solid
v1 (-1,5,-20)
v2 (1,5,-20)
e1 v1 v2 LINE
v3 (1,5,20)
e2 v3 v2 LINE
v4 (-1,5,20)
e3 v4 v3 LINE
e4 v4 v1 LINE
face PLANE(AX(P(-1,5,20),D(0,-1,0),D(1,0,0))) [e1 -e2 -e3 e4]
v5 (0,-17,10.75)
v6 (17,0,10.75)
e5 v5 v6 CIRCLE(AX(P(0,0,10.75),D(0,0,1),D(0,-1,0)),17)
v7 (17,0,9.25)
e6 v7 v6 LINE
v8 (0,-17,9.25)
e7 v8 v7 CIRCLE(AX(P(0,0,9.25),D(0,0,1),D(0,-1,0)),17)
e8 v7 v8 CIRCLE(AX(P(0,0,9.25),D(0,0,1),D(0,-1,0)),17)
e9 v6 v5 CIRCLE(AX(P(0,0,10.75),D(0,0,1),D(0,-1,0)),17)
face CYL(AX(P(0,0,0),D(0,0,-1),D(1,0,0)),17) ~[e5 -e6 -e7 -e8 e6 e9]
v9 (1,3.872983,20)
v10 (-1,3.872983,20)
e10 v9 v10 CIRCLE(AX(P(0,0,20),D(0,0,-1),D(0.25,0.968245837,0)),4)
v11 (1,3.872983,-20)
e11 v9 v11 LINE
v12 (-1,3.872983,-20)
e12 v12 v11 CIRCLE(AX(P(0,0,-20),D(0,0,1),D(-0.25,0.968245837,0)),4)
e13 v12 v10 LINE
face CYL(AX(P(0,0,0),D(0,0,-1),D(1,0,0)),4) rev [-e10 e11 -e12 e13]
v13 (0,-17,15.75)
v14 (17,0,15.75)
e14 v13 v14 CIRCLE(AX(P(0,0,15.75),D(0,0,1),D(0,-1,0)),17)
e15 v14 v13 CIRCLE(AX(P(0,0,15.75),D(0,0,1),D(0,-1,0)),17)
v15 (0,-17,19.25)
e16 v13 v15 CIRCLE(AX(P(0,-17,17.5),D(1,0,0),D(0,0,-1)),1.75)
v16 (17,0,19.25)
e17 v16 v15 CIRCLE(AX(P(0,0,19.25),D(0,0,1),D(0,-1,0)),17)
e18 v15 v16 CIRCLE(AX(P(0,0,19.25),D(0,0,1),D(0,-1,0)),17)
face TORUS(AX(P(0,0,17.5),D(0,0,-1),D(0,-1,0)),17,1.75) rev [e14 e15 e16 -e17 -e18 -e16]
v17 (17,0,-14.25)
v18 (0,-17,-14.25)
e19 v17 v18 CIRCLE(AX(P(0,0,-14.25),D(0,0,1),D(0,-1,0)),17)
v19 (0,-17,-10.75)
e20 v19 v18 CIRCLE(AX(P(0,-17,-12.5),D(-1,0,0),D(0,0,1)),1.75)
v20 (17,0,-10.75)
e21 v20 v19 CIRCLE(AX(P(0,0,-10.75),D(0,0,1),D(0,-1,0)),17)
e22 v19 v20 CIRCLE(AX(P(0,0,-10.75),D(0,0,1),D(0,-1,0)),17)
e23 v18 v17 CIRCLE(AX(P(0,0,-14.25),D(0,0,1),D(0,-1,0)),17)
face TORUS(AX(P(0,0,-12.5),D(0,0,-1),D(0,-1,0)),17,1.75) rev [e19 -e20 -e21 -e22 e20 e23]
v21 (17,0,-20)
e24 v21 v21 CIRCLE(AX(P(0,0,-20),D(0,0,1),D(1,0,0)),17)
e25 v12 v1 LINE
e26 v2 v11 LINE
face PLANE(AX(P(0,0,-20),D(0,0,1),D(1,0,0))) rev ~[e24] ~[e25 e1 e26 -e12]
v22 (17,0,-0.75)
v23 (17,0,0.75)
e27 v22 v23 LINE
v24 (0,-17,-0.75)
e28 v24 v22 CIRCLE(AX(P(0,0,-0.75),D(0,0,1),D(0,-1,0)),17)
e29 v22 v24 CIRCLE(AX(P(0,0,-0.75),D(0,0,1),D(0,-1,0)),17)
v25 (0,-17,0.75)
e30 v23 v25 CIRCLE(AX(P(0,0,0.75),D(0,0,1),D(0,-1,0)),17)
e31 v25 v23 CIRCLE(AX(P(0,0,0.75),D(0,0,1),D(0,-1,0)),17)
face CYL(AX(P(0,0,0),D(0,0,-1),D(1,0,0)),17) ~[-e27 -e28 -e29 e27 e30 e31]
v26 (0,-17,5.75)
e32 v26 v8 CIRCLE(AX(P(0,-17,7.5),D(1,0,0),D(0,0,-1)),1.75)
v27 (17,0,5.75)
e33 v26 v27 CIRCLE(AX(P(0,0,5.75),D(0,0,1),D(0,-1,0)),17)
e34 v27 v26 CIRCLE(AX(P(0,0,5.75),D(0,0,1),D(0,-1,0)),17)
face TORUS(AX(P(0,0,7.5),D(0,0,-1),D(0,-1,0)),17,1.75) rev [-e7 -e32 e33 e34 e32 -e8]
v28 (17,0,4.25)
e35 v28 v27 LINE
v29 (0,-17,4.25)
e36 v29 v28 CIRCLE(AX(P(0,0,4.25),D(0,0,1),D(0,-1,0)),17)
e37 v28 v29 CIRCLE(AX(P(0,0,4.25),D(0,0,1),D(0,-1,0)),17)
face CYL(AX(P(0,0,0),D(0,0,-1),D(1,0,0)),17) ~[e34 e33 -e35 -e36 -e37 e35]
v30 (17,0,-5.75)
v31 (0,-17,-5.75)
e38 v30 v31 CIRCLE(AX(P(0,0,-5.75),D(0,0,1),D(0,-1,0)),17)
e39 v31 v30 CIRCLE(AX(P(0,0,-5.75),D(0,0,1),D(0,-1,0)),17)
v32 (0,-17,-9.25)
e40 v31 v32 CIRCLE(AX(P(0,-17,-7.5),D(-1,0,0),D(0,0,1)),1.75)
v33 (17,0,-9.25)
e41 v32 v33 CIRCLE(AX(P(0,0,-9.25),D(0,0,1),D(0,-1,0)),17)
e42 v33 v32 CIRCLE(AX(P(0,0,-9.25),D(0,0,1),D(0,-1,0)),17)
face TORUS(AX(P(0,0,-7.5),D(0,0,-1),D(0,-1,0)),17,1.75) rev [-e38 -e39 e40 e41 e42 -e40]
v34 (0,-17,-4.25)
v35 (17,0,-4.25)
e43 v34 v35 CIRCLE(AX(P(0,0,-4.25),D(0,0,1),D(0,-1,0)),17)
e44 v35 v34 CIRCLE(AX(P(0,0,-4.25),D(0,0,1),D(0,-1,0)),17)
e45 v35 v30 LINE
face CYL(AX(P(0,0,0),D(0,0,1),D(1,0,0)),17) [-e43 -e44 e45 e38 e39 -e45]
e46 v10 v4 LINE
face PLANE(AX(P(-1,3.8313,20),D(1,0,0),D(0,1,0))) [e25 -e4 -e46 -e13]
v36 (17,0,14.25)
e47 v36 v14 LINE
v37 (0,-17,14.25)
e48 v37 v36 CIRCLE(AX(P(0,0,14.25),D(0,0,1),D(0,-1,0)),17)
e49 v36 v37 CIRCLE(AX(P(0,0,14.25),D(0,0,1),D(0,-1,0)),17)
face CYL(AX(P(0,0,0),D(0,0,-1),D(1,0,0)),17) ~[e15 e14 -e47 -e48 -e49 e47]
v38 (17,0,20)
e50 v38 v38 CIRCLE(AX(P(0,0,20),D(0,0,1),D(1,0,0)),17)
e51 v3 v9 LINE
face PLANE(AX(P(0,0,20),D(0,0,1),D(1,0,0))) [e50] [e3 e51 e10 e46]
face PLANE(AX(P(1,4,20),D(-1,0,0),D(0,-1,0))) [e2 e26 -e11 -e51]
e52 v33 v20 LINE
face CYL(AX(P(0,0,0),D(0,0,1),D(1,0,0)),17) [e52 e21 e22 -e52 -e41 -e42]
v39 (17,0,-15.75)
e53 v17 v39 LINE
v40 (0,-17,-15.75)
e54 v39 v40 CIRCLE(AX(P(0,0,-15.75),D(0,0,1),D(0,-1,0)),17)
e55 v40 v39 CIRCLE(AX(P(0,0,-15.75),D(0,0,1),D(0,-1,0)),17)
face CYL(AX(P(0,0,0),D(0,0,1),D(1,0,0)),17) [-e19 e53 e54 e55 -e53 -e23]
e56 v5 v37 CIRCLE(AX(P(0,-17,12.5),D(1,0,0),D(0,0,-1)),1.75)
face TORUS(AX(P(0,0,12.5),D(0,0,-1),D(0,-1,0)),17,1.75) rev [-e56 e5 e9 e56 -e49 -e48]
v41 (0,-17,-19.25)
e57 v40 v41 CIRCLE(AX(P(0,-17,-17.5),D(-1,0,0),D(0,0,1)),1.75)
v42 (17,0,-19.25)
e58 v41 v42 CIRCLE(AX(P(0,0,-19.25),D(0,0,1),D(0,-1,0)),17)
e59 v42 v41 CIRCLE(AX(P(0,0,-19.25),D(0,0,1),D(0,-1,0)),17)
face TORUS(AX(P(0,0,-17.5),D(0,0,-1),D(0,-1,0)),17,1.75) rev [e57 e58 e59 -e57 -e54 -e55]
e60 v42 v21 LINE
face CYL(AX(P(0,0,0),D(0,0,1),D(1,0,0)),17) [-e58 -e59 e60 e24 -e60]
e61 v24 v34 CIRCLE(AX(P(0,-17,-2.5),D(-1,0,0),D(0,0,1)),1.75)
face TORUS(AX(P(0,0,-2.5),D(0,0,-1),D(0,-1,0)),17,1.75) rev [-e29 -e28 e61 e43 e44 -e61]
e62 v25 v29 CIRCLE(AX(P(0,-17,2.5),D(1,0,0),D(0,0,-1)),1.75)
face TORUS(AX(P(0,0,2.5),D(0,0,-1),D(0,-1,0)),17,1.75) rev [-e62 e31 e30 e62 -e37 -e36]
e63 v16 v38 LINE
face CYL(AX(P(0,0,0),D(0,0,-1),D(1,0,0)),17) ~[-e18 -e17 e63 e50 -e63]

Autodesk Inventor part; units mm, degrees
ref_plane "YZ Plane" through (0, 0, 0) normal (1, 0, 0) x (0, 1, 0)
ref_plane "XZ Plane" through (0, 0, 0) normal (0, 1, 0) x (-1, 0, 0)
ref_plane "XY Plane" through (0, 0, 0) normal (0, 0, 1) x (1, 0, 0)
sketch "Sketch1" plane through (0, 0, 0) normal (0, 0, 1) x (1, 0, 0)
  circle A0 centre (0, 0) radius 17
  circle A1 centre (0, 0) radius 4
  dimension "d0" = 8
  dimension "d1" = 34
extrude "Extrusion1" add sketch "Sketch1" along normal mid plane 40
sketch "Sketch2" plane through (0, 0, 20) normal (0, 0, 1) x (1, 0, 0)
  line L0 (0, 0) -> (5.2188, 0)
  line L1 (1, 3.8313) -> (-1, 3.8313)
  line L2 (-1, 3.8313) -> (-1, 5)
  line L3 (-1, 5) -> (1, 5)
  line L4 (1, 5) -> (1, 3.8313)
  line L5 (-1, 4) -> (1, 4)
  dimension "d31" = 2
  dimension "d32" = 1
  dimension "d33" = 4
  dimension "d34" = 1
extrude "Extrusion2" cut sketch "Sketch2" against normal through all
sketch "Sketch3" plane through (0, 0, 20) normal (0, 0, 1) x (1, 0, 0)
  line L0 (-15.216, 3.5) -> (-15.216, -3.5)
  line L1 (-15.216, -3.5) -> (-7.216, 0)
  line L2 (-7.216, 0) -> (-15.216, 3.5)
  line L3 (-14.9274, -4.5769) -> (-11.4274, -10.6391)
  line L4 (-11.4274, -10.6391) -> (-6.2492, -3.608)
  line L5 (-6.2492, -3.608) -> (-14.9274, -4.5769)
  line L6 (-10.6391, -11.4274) -> (-4.5769, -14.9274)
  line L7 (-4.5769, -14.9274) -> (-3.608, -6.2492)
  line L8 (-3.608, -6.2492) -> (-10.6391, -11.4274)
  line L9 (-3.5, -15.216) -> (3.5, -15.216)
  line L10 (3.5, -15.216) -> (0, -7.216)
  line L11 (0, -7.216) -> (-3.5, -15.216)
  line L12 (4.5769, -14.9274) -> (10.6391, -11.4274)
  line L13 (10.6391, -11.4274) -> (3.608, -6.2492)
  line L14 (3.608, -6.2492) -> (4.5769, -14.9274)
  line L15 (11.4274, -10.6391) -> (14.9274, -4.5769)
  line L16 (14.9274, -4.5769) -> (6.2492, -3.608)
  line L17 (6.2492, -3.608) -> (11.4274, -10.6391)
  line L18 (15.216, -3.5) -> (15.216, 3.5)
  line L19 (15.216, 3.5) -> (7.216, 0)
  line L20 (7.216, 0) -> (15.216, -3.5)
  line L21 (14.9274, 4.5769) -> (11.4274, 10.6391)
  line L22 (11.4274, 10.6391) -> (6.2492, 3.608)
  line L23 (6.2492, 3.608) -> (14.9274, 4.5769)
  line L24 (10.6391, 11.4274) -> (4.5769, 14.9274)
  line L25 (4.5769, 14.9274) -> (3.608, 6.2492)
  line L26 (3.608, 6.2492) -> (10.6391, 11.4274)
  line L27 (3.5, 15.216) -> (-3.5, 15.216)
  line L28 (-3.5, 15.216) -> (0, 7.216)
  line L29 (0, 7.216) -> (3.5, 15.216)
  line L30 (-4.5769, 14.9274) -> (-10.6391, 11.4274)
  line L31 (-10.6391, 11.4274) -> (-3.608, 6.2492)
  line L32 (-3.608, 6.2492) -> (-4.5769, 14.9274)
  line L33 (-11.4274, 10.6391) -> (-14.9274, 4.5769)
  line L34 (-14.9274, 4.5769) -> (-6.2492, 3.608)
  line L35 (-6.2492, 3.608) -> (-11.4274, 10.6391)
  point P0 (0, 0)
  dimension "d9" = 7
  dimension "d10" = 8
  dimension "d11" = 3.5
  dimension "d14" = 360
extrude "Extrusion3" [suppressed]
sketch "Sketch4" plane through (0, 0, 0) normal (1, 0, 0) x (0, 1, 0)
  line L0 (-17, -20) -> (-17, 20) projected
  circle A0 centre (-17, -17.5) radius 1.75
  line L1 (-17, -20) -> (17, -20) projected
  line L2 (-17, -20) -> (-17, -23.2548)
  circle A1 centre (-17, -12.5) radius 1.75
  circle A2 centre (-17, -7.5) radius 1.75
  circle A3 centre (-17, -2.5) radius 1.75
  circle A4 centre (-17, 2.5) radius 1.75
  circle A5 centre (-17, 7.5) radius 1.75
  circle A6 centre (-17, 12.5) radius 1.75
  line L3 (17, -20) -> (17, -14.1403)
  line L4 (0, -32.2058) -> (0, 30.451) projected
  circle A7 centre (-17, 17.5) radius 1.75
  point P0 (0, 0)
  dimension "d18" = 2.5
  dimension "d19" = 3.5
  dimension "d22" = 5
  dimension "d27" = 34
revolve "Revolution1" cut sketch "Sketch4" angle 360 about axis through (0, 0, -10) along (0, 0, 1)
equation "\"d32\" = 0.5 * d31"
equation "\"d11\" = 0.5 * d9"
properties part number "Roller" material "Nylon 6/6"
